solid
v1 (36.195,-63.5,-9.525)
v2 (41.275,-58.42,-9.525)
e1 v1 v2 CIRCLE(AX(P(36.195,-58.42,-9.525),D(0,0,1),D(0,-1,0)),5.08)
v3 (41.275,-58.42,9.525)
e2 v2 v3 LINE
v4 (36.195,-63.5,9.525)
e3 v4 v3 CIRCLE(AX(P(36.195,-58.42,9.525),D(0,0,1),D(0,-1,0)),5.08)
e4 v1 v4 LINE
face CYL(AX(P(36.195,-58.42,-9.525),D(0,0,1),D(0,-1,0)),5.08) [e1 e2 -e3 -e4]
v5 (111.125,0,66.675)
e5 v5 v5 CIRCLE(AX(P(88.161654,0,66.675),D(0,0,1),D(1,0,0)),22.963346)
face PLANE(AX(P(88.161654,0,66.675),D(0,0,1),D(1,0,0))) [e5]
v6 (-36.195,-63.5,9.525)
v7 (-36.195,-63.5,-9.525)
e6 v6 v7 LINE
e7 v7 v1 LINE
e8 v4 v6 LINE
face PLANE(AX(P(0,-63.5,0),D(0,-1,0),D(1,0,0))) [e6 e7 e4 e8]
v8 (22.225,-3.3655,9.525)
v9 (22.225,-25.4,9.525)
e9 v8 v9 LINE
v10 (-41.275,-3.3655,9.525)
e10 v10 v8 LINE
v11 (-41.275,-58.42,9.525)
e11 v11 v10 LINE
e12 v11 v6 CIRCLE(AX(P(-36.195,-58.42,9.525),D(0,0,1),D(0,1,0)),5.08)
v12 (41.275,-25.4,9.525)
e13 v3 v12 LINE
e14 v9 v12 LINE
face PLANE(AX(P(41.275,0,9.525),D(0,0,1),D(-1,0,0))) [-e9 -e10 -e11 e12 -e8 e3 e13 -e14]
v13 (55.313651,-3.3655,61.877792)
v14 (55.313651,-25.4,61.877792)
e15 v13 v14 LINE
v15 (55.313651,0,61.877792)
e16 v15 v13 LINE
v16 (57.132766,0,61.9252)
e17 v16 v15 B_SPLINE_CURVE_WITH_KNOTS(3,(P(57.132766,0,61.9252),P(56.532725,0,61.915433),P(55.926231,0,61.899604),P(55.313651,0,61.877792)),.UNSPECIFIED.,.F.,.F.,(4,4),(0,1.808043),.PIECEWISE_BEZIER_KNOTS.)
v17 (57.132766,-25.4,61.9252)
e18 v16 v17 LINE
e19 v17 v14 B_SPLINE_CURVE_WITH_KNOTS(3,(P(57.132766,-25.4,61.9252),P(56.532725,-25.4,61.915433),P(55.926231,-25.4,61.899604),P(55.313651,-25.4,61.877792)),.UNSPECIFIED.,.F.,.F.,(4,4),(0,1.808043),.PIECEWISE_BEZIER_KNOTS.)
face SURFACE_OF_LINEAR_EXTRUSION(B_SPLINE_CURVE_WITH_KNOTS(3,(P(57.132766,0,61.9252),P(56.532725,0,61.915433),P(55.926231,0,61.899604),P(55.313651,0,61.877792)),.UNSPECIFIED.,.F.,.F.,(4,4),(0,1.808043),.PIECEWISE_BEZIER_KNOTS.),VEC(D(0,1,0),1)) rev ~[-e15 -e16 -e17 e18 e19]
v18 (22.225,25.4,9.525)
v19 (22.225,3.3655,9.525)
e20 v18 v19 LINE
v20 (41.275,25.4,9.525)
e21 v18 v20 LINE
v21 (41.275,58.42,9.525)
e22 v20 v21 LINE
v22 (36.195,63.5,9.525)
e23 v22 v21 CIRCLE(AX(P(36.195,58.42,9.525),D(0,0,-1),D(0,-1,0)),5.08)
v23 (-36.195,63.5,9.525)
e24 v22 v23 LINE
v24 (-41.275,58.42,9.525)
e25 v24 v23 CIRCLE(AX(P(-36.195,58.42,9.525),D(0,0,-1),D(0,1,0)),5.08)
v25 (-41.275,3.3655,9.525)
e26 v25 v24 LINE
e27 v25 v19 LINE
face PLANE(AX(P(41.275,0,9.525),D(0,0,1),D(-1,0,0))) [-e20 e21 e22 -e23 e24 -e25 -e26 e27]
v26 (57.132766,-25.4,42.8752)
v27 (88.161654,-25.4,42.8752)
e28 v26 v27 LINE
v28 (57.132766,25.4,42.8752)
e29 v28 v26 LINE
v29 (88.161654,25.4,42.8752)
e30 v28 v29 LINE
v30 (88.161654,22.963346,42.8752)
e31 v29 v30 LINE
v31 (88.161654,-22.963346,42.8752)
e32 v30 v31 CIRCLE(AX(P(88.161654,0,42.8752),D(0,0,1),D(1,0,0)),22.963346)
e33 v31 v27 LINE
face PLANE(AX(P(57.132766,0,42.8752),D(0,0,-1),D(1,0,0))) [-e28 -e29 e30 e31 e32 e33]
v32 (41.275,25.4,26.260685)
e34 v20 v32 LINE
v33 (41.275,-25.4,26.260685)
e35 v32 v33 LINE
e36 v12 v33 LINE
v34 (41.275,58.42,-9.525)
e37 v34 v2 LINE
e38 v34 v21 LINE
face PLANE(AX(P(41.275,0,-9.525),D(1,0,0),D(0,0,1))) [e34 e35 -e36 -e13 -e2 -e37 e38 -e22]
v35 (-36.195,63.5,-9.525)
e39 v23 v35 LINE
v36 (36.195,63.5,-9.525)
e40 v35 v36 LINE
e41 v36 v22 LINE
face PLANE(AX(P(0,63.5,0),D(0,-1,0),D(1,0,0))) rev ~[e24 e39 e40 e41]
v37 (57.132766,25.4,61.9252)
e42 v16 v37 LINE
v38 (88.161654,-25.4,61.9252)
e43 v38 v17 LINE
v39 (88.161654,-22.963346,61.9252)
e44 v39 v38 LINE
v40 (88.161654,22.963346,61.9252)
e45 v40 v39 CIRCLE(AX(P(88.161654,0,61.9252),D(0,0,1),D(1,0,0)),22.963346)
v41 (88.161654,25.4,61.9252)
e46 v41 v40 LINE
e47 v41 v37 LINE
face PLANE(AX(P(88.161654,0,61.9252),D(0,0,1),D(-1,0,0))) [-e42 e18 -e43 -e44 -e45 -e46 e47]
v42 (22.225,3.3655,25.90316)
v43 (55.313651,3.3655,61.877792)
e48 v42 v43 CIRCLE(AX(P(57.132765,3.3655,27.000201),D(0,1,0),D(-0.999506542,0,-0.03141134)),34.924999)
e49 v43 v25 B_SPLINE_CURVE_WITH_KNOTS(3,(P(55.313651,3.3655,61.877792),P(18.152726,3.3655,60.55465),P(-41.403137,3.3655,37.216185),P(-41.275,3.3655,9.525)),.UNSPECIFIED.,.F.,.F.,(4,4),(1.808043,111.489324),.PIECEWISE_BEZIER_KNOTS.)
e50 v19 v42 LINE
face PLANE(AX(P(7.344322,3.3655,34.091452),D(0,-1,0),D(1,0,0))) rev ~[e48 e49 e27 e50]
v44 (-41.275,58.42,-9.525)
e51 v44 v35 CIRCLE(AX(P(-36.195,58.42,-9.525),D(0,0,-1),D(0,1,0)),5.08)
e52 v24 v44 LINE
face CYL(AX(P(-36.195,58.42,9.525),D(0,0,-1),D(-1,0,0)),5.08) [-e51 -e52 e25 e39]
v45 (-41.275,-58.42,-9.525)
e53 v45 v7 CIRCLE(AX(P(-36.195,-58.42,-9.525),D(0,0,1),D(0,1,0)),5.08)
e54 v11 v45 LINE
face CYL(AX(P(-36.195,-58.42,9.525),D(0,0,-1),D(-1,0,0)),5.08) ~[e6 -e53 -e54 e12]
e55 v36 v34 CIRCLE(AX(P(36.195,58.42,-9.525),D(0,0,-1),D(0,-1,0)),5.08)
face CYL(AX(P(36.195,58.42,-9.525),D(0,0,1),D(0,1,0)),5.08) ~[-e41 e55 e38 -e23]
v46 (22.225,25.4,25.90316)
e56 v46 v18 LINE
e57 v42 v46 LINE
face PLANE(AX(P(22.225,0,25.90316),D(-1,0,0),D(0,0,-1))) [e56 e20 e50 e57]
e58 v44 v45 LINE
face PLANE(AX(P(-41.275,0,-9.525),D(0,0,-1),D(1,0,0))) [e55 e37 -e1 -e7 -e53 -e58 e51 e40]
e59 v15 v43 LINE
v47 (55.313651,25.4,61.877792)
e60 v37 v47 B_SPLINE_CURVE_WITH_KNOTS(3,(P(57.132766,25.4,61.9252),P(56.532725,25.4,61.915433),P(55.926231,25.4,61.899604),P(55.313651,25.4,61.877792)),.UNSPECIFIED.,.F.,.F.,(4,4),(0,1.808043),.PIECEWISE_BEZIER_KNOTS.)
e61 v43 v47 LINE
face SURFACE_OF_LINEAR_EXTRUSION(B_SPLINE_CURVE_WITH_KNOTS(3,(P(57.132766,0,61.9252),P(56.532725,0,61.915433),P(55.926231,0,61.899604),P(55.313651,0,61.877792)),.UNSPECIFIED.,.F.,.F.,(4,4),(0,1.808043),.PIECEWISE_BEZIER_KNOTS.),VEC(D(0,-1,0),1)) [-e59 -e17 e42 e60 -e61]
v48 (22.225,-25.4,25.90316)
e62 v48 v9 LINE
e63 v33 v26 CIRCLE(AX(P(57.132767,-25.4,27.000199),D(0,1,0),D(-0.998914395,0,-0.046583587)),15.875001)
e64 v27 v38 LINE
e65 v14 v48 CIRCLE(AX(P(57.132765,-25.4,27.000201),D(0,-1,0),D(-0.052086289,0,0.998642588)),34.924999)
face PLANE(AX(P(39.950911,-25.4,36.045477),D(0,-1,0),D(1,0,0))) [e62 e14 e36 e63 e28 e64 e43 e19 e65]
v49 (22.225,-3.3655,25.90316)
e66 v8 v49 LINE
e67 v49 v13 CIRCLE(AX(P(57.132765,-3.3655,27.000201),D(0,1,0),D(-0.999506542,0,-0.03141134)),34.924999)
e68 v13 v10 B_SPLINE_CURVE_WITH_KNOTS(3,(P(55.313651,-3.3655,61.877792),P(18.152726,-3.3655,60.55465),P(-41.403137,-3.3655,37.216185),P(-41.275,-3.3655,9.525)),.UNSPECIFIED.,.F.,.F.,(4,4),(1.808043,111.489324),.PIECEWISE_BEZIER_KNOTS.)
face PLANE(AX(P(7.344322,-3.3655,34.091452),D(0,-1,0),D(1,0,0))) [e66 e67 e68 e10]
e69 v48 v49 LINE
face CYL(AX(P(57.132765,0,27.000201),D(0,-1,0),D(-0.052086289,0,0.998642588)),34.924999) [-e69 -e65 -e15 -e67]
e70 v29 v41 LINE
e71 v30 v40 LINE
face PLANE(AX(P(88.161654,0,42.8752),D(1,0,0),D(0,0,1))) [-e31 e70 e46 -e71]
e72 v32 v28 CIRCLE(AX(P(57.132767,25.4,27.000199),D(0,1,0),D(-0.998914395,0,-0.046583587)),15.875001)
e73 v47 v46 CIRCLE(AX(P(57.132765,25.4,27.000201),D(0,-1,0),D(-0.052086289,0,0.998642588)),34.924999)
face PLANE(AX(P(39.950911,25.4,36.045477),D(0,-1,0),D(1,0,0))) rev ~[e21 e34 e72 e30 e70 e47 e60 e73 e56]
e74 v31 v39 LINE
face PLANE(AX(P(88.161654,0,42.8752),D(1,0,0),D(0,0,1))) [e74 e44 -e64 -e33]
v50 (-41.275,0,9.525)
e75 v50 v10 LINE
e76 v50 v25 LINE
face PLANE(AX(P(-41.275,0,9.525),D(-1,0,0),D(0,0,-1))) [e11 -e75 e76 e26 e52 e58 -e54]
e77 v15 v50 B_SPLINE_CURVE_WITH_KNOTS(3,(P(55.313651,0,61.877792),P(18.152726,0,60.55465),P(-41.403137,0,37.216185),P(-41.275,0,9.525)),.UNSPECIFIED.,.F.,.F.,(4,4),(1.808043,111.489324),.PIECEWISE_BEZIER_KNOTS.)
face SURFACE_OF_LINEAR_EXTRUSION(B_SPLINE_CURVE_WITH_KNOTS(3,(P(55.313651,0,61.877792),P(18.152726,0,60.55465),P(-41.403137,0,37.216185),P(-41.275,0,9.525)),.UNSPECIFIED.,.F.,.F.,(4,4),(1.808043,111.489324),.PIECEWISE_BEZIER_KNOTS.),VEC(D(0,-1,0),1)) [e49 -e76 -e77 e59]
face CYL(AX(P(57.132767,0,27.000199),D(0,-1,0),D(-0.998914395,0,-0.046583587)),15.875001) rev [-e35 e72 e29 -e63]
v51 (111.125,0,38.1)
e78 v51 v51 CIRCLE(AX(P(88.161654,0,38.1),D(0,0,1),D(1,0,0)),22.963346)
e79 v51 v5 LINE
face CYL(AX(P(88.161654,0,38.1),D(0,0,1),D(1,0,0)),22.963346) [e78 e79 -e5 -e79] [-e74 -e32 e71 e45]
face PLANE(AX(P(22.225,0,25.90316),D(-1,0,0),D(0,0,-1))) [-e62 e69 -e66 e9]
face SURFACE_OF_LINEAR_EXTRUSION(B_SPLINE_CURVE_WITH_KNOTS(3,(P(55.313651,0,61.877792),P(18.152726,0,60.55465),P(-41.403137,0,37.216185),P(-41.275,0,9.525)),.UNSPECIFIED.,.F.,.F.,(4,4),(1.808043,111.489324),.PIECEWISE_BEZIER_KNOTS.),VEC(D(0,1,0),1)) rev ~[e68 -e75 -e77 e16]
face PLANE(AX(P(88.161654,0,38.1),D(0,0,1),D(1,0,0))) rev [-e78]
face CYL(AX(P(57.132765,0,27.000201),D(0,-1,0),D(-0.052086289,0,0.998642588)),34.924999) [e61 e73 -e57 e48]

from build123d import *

# Parameters (mm, degrees)
F1_DEPTH = 63.5
F0_W     = 27.836654
F0_H     = 19.05
F2_DEPTH = 25.4
F3_DEPTH = 3.3655
F4_R     = 5.08


with BuildPart() as f1:
    # F0 (on Front) → F1 (new body, symmetric)
    with BuildSketch(Plane.XZ):
        Polygon((22.225, 9.525), (-41.275, 9.525), (-41.275, -9.525), (41.275, -9.525), (41.275, 9.525), align=None)
    extrude(amount=F1_DEPTH, both=True)

    # F0 (on Front) → F2 (join, symmetric)
    with BuildSketch(Plane.XZ):
        with BuildLine():
            Line((22.225, 25.90316), (22.225, 9.525))
            Line((22.225, 9.525), (41.275, 9.525))
            Line((41.275, 9.525), (41.275, 26.260685))
            ThreePointArc((41.275, 26.260685), (45.648964, 37.960944), (57.132766, 42.8752))
            Line((57.132766, 42.8752), (60.325, 42.8752))
            Line((60.325, 42.8752), (60.325, 61.9252))
            Line((60.325, 61.9252), (57.132766, 61.9252))
            add(Edge.make_bspline(
                [(57.132766, 61.9252), (56.532725, 61.915433), (55.926231, 61.899604), (55.313651, 61.877792)],
                knots=[0, 0, 0, 0, 1.808043, 1.808043, 1.808043, 1.808043], degree=3))
            ThreePointArc((55.313651, 61.877792), (31.427523, 50.643299), (22.225, 25.90316))
        make_face()
        with Locations((74.243327, 52.4002)):
            Rectangle(F0_W, F0_H)
    extrude(amount=F2_DEPTH, both=True)

    # F0 (on Front) → F3 (join, symmetric)
    with BuildSketch(Plane.XZ):
        with BuildLine():
            add(Edge.make_bspline(
                [(55.313651, 61.877792), (18.152726, 60.55465), (-41.403137, 37.216185), (-41.275, 9.525)],
                knots=[1.808043, 1.808043, 1.808043, 1.808043, 111.489324, 111.489324, 111.489324, 111.489324], degree=3))
            Line((-41.275, 9.525), (22.225, 9.525))
            Line((22.225, 9.525), (22.225, 25.90316))
            ThreePointArc((22.225, 25.90316), (31.427523, 50.643299), (55.313651, 61.877792))
        make_face()
    extrude(amount=F3_DEPTH, both=True)

    # F4
    f4_edges = [f1.edges().sort_by_distance(p)[0] for p in [
        (41.275, -63.5, 0),
        (-41.275, -63.5, 0),
        (41.275, 63.5, 0),
        (-41.275, 63.5, 0),
    ]]
    fillet(f4_edges, radius=F4_R)

    # F0 (on Front) → F5 (revolve)
    with BuildSketch(Plane.XZ):
        Polygon((88.161654, 66.675), (88.161654, 61.9252), (88.161654, 42.8752), (88.161654, 38.1), (111.125, 38.1), (111.125, 66.675), align=None)
    revolve(axis=Axis((88.161654, 0, 52.4002), (0, 0, 1)))


solid = f1.part
